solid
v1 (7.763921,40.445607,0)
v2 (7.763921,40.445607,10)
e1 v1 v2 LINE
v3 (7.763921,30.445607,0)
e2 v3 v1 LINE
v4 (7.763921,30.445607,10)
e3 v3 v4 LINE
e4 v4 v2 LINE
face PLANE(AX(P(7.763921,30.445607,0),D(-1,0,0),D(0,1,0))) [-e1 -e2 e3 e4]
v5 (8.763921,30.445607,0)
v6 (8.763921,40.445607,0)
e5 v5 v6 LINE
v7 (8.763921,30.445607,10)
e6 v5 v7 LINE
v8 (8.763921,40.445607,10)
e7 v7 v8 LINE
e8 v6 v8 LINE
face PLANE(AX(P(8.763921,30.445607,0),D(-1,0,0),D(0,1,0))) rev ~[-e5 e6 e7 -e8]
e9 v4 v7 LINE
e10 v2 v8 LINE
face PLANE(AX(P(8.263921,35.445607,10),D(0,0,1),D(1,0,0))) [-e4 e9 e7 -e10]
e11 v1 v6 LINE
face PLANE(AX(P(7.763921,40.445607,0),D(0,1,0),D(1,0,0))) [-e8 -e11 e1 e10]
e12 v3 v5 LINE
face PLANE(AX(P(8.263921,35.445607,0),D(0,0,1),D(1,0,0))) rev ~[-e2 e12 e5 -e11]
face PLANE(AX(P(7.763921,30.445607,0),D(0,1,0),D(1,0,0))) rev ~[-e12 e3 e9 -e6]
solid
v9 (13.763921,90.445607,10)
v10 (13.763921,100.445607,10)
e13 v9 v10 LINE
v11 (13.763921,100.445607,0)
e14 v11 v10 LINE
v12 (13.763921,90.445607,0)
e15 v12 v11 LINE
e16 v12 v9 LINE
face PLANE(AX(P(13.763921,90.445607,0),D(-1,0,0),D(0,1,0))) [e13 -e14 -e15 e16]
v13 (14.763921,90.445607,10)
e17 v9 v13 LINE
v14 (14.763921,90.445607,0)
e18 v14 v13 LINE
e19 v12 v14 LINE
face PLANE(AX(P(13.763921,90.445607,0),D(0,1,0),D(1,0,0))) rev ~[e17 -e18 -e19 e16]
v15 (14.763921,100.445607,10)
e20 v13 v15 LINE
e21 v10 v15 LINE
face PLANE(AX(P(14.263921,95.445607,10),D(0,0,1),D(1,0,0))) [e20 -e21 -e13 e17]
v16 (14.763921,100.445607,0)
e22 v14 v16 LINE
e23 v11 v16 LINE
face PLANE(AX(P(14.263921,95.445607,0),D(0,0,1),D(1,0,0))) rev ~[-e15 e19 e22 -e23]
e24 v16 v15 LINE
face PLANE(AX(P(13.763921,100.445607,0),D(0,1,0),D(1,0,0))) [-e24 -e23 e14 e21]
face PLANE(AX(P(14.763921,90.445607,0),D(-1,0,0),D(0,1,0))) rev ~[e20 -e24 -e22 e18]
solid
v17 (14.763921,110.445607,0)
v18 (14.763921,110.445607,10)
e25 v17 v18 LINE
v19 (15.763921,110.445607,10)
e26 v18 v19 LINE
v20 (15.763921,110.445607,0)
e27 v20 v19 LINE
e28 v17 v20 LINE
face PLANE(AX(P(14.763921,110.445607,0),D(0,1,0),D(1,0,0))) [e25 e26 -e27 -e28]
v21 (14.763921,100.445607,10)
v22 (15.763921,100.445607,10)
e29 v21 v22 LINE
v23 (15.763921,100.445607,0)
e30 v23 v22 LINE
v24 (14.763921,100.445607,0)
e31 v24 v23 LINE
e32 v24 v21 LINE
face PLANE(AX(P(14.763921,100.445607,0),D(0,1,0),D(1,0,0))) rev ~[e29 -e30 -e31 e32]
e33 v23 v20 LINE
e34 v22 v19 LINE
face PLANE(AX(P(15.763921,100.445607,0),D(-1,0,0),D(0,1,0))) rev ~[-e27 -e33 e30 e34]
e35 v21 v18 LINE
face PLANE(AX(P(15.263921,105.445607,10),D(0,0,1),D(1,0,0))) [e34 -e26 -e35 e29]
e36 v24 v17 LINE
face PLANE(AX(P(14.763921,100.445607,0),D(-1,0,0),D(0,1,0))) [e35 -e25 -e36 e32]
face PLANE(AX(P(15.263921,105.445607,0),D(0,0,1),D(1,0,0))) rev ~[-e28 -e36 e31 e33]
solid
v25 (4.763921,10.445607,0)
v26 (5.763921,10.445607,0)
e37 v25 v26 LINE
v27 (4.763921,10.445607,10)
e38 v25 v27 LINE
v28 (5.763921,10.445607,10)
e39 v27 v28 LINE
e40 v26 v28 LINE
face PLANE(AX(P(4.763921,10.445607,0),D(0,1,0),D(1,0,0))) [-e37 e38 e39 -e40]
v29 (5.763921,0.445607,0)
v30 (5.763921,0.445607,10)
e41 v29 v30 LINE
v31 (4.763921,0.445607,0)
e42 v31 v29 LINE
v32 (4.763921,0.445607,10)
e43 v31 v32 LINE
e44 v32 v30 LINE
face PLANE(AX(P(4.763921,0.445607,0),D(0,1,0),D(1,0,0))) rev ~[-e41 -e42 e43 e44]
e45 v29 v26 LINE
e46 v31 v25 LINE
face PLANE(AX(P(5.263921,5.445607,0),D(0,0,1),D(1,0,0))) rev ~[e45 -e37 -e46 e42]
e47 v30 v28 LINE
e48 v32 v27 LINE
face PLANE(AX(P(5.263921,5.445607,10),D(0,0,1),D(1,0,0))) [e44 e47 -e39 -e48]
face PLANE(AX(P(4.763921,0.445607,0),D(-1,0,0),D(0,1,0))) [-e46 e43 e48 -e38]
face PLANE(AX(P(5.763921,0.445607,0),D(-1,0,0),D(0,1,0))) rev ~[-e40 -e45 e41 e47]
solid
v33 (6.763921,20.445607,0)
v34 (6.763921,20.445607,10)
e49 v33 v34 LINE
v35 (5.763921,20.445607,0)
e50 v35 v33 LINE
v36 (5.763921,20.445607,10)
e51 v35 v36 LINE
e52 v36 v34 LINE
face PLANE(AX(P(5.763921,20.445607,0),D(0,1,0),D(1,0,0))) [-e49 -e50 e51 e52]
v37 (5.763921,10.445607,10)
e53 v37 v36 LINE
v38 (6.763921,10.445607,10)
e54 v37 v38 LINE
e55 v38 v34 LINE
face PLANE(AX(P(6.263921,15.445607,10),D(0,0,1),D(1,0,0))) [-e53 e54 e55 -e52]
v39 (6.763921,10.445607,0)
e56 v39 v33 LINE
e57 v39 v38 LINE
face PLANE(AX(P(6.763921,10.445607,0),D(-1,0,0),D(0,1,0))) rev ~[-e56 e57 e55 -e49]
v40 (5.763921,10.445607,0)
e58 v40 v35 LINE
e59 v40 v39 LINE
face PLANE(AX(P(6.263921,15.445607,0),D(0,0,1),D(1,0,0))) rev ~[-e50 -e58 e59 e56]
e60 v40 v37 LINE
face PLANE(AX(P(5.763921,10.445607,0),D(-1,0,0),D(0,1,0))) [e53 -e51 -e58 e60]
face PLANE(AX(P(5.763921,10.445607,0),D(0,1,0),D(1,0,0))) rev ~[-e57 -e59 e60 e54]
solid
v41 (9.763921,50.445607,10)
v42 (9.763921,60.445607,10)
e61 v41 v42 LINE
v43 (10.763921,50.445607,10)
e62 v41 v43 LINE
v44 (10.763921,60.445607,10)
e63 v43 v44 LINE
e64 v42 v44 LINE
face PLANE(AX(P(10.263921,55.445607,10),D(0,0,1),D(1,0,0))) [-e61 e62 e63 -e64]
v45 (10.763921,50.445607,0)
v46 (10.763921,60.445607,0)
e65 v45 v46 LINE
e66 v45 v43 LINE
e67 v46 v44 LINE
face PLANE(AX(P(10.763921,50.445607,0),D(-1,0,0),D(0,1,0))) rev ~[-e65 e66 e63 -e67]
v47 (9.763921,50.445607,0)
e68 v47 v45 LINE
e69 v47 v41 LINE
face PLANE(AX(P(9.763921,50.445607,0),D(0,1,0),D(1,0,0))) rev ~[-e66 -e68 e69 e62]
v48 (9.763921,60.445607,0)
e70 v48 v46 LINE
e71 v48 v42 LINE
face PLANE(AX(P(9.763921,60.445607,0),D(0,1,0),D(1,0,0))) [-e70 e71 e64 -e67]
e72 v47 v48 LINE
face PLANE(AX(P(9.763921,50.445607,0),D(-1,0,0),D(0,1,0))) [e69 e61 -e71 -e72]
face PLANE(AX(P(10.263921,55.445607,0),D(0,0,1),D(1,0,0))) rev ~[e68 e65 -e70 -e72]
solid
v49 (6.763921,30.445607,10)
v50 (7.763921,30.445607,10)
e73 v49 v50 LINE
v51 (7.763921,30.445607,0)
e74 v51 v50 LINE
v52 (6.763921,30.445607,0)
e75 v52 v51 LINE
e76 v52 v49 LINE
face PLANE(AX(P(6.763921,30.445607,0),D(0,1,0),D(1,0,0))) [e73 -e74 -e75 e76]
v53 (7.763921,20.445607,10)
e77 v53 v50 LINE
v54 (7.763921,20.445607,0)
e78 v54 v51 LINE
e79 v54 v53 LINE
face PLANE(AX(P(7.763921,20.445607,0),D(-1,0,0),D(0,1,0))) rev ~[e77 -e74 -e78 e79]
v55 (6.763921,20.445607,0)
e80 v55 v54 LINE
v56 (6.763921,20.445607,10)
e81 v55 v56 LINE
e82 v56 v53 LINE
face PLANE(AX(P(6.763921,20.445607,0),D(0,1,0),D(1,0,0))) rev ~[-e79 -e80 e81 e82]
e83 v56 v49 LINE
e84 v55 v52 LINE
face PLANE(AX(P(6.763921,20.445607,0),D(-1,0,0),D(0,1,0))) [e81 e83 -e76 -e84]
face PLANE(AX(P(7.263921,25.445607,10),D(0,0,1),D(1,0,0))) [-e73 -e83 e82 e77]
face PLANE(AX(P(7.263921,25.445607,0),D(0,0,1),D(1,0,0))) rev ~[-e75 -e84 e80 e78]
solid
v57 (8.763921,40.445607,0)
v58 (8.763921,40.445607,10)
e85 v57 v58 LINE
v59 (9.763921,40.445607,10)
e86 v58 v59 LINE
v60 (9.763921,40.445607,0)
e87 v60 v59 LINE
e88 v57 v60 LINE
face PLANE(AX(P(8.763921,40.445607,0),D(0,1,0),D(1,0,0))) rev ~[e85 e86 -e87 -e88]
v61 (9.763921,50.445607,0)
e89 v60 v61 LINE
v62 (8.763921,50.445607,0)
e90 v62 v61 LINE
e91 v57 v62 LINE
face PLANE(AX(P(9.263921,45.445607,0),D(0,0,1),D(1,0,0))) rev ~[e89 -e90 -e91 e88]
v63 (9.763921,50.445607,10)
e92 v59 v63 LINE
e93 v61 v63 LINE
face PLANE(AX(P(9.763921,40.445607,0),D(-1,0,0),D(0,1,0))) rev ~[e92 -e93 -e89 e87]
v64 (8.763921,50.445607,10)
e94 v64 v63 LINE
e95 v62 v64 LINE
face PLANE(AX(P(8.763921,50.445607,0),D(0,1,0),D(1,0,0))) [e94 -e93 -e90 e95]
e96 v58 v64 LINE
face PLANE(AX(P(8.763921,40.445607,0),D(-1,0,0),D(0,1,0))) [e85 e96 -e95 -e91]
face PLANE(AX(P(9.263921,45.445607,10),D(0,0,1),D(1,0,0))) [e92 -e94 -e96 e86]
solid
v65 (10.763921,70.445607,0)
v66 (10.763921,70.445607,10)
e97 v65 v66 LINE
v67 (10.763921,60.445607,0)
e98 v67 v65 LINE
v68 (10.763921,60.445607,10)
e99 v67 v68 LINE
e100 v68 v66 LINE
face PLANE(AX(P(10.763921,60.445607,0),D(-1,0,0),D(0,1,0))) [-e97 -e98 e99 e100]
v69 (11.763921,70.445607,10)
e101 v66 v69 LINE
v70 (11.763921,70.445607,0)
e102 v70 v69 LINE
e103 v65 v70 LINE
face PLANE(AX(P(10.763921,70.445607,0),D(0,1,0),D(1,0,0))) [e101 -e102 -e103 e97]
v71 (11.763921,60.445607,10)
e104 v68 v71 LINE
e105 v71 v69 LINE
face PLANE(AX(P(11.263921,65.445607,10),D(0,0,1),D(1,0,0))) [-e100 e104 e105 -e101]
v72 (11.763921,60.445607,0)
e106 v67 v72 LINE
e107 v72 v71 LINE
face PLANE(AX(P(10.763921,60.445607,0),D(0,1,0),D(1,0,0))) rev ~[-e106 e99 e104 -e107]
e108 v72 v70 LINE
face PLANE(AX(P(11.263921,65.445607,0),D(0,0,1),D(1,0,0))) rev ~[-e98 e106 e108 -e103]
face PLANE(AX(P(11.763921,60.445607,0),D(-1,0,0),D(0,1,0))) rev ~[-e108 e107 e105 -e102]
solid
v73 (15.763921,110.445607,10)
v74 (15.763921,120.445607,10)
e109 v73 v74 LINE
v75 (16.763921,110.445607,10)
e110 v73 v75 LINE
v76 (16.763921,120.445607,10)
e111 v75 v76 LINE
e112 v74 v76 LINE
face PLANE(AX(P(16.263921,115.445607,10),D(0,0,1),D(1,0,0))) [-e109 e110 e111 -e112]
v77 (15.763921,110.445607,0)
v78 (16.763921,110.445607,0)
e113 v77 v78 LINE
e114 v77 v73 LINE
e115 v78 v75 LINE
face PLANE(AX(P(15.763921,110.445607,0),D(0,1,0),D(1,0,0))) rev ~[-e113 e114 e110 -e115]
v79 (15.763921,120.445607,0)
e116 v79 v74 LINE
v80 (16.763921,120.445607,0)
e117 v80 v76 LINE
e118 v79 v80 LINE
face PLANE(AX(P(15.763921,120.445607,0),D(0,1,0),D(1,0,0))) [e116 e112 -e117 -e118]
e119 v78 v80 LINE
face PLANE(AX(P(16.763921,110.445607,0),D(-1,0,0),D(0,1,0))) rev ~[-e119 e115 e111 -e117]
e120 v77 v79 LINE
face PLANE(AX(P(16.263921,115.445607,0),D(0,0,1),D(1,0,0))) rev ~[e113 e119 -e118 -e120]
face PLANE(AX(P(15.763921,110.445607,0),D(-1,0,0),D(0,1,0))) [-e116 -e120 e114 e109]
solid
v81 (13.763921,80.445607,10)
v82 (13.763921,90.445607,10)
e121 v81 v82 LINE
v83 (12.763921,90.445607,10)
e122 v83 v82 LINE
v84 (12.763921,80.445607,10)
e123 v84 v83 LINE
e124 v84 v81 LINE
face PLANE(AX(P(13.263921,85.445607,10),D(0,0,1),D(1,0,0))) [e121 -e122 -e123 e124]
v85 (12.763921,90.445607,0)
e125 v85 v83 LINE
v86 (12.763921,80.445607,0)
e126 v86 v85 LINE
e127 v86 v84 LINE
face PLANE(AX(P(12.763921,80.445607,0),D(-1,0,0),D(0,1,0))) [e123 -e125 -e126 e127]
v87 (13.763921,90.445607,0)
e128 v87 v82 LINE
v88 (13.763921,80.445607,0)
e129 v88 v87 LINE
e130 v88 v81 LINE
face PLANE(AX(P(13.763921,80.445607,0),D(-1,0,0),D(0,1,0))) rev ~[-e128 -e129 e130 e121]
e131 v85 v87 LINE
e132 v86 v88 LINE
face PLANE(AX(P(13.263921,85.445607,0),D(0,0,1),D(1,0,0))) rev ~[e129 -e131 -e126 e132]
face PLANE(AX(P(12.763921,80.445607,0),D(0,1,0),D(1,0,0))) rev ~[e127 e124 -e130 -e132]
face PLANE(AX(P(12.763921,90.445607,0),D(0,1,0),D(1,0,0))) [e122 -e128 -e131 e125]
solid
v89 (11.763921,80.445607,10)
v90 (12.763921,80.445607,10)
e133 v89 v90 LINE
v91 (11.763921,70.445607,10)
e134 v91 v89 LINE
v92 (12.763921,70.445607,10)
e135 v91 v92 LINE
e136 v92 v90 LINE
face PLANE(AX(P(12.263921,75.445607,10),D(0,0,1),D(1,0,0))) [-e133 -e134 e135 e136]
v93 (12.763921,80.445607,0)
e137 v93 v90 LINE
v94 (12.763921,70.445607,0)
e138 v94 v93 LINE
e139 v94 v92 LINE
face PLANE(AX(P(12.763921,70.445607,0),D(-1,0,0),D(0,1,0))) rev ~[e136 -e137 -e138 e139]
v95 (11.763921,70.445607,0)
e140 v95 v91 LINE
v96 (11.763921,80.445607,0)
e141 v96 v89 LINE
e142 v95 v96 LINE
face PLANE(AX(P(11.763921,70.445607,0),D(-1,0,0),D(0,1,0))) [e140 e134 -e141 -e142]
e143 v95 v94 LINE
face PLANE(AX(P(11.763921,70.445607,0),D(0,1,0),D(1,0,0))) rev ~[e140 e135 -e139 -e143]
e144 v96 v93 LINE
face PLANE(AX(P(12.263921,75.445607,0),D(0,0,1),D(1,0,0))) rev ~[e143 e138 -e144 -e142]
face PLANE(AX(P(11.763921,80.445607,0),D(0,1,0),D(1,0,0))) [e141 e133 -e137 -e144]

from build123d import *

# Parameters (mm, degrees)
SKETCH2_W              = 1
SKETCH2_H              = 10
BOSS_EXTRUDE1_DEPTH    = 10
BOSS_EXTRUDE1_2_DEPTH  = 10
BOSS_EXTRUDE1_3_DEPTH  = 10
BOSS_EXTRUDE1_4_DEPTH  = 10
BOSS_EXTRUDE1_5_DEPTH  = 10
BOSS_EXTRUDE1_6_DEPTH  = 10
BOSS_EXTRUDE1_7_DEPTH  = 10
BOSS_EXTRUDE1_8_DEPTH  = 10
BOSS_EXTRUDE1_9_DEPTH  = 10
BOSS_EXTRUDE1_10_DEPTH = 10
BOSS_EXTRUDE1_11_DEPTH = 10
BOSS_EXTRUDE1_12_DEPTH = 10


with BuildPart() as part:
    # Sketch2 → Boss-Extrude1 (new body)
    with BuildSketch(Plane.XY):
        with Locations((5.263921221, 5.445606952)):
            Rectangle(SKETCH2_W, SKETCH2_H)
    extrude(amount=BOSS_EXTRUDE1_DEPTH)


with BuildPart() as body_2:
    # Sketch2 → Boss-Extrude1 2 (new body)
    with BuildSketch(Plane.XY):
        with Locations((16.263921221, 115.445606952)):
            Rectangle(SKETCH2_W, SKETCH2_H)
    extrude(amount=BOSS_EXTRUDE1_2_DEPTH)


with BuildPart() as body_3:
    # Sketch2 → Boss-Extrude1 3 (new body)
    with BuildSketch(Plane.XY):
        with Locations((15.263921221, 105.445606952)):
            Rectangle(SKETCH2_W, SKETCH2_H)
    extrude(amount=BOSS_EXTRUDE1_3_DEPTH)


with BuildPart() as body_4:
    # Sketch2 → Boss-Extrude1 4 (new body)
    with BuildSketch(Plane.XY):
        with Locations((14.263921221, 95.445606952)):
            Rectangle(SKETCH2_W, SKETCH2_H)
    extrude(amount=BOSS_EXTRUDE1_4_DEPTH)


with BuildPart() as body_5:
    # Sketch2 → Boss-Extrude1 5 (new body)
    with BuildSketch(Plane.XY):
        with Locations((13.263921221, 85.445606952)):
            Rectangle(SKETCH2_W, SKETCH2_H)
    extrude(amount=BOSS_EXTRUDE1_5_DEPTH)


with BuildPart() as body_6:
    # Sketch2 → Boss-Extrude1 6 (new body)
    with BuildSketch(Plane.XY):
        with Locations((12.263921221, 75.445606952)):
            Rectangle(SKETCH2_W, SKETCH2_H)
    extrude(amount=BOSS_EXTRUDE1_6_DEPTH)


with BuildPart() as body_7:
    # Sketch2 → Boss-Extrude1 7 (new body)
    with BuildSketch(Plane.XY):
        with Locations((11.263921221, 65.445606952)):
            Rectangle(SKETCH2_W, SKETCH2_H)
    extrude(amount=BOSS_EXTRUDE1_7_DEPTH)


with BuildPart() as body_8:
    # Sketch2 → Boss-Extrude1 8 (new body)
    with BuildSketch(Plane.XY):
        with Locations((10.263921221, 55.445606952)):
            Rectangle(SKETCH2_W, SKETCH2_H)
    extrude(amount=BOSS_EXTRUDE1_8_DEPTH)


with BuildPart() as body_9:
    # Sketch2 → Boss-Extrude1 9 (new body)
    with BuildSketch(Plane.XY):
        with Locations((9.263921221, 45.445606952)):
            Rectangle(SKETCH2_W, SKETCH2_H)
    extrude(amount=BOSS_EXTRUDE1_9_DEPTH)


with BuildPart() as body_10:
    # Sketch2 → Boss-Extrude1 10 (new body)
    with BuildSketch(Plane.XY):
        with Locations((8.263921221, 35.445606952)):
            Rectangle(SKETCH2_W, SKETCH2_H)
    extrude(amount=BOSS_EXTRUDE1_10_DEPTH)


with BuildPart() as body_11:
    # Sketch2 → Boss-Extrude1 11 (new body)
    with BuildSketch(Plane.XY):
        with Locations((6.263921221, 15.445606952)):
            Rectangle(SKETCH2_W, SKETCH2_H)
    extrude(amount=BOSS_EXTRUDE1_11_DEPTH)


with BuildPart() as body_12:
    # Sketch2 → Boss-Extrude1 12 (new body)
    with BuildSketch(Plane.XY):
        with Locations((7.263921221, 25.445606952)):
            Rectangle(SKETCH2_W, SKETCH2_H)
    extrude(amount=BOSS_EXTRUDE1_12_DEPTH)


solid = Compound([part.part, body_2.part, body_3.part, body_4.part, body_5.part, body_6.part, body_7.part, body_8.part, body_9.part, body_10.part, body_11.part, body_12.part])
